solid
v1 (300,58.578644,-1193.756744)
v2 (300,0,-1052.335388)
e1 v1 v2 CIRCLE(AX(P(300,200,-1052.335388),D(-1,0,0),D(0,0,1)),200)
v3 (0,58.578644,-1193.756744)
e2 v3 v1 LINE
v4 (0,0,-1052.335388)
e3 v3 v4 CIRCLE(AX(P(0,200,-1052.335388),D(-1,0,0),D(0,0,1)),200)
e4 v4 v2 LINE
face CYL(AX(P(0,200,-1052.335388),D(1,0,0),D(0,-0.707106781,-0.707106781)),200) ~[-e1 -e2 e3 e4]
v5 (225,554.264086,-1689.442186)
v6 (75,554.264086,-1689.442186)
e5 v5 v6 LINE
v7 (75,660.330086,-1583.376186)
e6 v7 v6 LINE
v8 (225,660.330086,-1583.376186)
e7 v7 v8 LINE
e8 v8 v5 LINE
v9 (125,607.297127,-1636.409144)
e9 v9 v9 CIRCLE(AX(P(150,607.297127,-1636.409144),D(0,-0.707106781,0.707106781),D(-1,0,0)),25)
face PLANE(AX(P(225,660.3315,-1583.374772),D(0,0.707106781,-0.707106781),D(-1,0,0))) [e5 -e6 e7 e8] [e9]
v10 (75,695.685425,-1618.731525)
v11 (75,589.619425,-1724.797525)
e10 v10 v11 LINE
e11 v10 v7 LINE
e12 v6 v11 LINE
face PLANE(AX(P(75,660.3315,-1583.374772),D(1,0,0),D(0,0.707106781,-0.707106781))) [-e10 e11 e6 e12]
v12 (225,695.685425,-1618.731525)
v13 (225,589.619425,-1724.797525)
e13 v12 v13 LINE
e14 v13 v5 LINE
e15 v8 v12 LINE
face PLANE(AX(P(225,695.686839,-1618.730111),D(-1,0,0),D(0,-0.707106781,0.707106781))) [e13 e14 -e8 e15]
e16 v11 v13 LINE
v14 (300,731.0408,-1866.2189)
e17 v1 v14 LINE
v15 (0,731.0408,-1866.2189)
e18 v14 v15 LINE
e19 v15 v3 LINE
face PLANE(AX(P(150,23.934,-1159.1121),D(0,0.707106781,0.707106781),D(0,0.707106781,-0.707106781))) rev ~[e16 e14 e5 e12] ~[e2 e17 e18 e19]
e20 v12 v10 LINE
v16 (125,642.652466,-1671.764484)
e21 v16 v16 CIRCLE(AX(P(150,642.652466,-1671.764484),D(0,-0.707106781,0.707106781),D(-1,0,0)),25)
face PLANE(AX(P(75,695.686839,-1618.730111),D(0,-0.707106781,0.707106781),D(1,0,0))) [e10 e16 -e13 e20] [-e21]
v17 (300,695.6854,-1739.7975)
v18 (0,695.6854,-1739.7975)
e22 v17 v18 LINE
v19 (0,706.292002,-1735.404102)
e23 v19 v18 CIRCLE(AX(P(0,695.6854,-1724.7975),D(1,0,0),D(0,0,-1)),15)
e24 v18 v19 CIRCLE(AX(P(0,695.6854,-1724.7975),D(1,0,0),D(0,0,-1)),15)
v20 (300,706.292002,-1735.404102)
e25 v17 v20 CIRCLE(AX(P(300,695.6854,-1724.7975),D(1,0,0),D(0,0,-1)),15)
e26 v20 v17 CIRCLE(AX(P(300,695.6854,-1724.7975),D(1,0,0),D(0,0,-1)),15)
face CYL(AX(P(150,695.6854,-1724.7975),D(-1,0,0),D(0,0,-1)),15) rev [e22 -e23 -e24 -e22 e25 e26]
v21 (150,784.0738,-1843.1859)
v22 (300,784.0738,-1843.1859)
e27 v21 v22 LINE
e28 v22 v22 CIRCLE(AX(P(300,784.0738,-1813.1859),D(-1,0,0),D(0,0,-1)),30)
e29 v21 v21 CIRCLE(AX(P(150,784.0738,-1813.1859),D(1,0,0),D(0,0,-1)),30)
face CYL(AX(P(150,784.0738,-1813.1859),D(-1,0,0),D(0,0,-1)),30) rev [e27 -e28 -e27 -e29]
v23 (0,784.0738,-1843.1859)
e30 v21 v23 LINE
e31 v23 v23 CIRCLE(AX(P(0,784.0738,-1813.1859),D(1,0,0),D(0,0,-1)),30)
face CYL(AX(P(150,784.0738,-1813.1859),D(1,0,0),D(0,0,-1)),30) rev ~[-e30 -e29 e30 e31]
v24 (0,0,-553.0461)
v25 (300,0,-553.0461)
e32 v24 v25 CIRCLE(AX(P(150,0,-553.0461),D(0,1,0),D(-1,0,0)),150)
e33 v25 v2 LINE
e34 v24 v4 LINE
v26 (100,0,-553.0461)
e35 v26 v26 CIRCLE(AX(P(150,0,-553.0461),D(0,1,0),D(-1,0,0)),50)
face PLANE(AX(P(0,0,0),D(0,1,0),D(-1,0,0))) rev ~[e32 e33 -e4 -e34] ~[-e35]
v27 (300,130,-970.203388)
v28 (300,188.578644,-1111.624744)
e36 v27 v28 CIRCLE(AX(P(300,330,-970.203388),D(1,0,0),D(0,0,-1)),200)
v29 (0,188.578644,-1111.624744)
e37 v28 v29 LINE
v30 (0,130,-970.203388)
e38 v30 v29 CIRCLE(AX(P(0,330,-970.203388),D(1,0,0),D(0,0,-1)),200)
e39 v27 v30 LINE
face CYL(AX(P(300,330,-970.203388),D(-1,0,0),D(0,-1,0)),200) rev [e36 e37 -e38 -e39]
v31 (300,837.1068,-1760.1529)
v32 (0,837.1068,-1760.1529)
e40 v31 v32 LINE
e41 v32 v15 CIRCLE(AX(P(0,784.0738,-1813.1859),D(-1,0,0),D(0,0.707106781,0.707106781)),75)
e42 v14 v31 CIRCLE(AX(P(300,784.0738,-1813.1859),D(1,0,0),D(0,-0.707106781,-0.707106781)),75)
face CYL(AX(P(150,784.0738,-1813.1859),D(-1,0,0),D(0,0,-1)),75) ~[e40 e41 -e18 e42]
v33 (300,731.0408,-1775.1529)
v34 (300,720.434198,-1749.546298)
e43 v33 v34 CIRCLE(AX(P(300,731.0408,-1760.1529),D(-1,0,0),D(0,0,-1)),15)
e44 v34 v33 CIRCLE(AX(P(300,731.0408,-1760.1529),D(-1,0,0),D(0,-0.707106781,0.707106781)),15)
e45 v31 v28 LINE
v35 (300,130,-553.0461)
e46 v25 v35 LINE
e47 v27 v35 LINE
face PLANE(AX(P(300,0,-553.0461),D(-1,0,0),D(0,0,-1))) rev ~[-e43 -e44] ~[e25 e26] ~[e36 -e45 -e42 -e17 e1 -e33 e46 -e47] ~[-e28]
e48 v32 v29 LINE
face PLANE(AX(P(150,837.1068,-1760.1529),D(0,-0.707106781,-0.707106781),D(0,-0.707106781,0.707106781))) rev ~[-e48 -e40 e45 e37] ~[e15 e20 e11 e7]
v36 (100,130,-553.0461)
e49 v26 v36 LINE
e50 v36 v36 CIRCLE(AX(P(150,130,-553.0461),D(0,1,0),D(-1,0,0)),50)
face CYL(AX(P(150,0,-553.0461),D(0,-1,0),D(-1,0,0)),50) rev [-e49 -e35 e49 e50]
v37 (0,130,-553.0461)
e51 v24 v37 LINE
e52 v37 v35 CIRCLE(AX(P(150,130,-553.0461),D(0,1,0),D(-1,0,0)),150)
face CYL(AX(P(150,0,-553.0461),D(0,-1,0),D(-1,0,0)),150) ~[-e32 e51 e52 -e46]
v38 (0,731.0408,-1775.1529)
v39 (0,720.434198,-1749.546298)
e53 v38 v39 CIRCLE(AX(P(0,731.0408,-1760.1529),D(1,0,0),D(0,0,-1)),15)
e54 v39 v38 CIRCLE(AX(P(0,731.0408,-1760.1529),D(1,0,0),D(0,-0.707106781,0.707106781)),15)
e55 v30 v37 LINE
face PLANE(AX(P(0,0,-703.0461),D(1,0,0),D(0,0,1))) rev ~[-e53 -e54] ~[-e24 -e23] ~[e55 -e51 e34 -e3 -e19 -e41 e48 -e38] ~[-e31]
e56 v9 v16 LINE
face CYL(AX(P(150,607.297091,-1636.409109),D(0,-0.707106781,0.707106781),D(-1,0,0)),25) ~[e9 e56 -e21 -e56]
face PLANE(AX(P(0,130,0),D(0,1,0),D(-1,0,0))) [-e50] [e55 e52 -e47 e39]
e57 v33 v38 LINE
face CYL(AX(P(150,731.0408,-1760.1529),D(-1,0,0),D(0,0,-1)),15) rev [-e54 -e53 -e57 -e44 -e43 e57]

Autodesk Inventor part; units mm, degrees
ref_plane "YZ Plane" through (0, 0, 0) normal (1, 0, 0) x (0, 1, 0)
ref_plane "XZ Plane" through (0, 0, 0) normal (0, 1, 0) x (-1, 0, 0)
ref_plane "XY Plane" through (0, 0, 0) normal (0, 0, 1) x (1, 0, 0)
sketch "草圖1" plane through (0, 0, 0) normal (0, 1, 0) x (-1, 0, 0)
  line L0 (0, 150) -> (-300, 150)
  line L1 (-300, 0) -> (-300, 150)
  arc A0 (-300, 0) -> (0, 0) centre (-150, 0) ccw
  line L2 (0, 150) -> (0, 0)
  line L3 (0, 271.7864) -> (0, 150)
  line L4 (-300, 271.7864) -> (0, 271.7864)
  line L5 (-300, 150) -> (-300, 271.7864)
  circle A1 centre (-150, 0) radius 50
  line L6 (-30.3819, -276.523) -> (-200, -276.523)
  line L7 (0, -703.0461) -> (-300, -703.0461)
  line L8 (-300, -553.0461) -> (-300, -703.0461)
  arc A2 (0, -553.0461) -> (-300, -553.0461) centre (-150, -553.0461) ccw
  line L9 (0, -703.0461) -> (0, -553.0461)
  circle A3 centre (-150, -553.0461) radius 50
extrude "擠出1" add sketch "草圖1" along normal blind 130 contours L7 L8 A2 L9
ref_plane "工作平面1" through (150, 0, -553.0461) normal (1, 0, 0) x (0, 0, -1)
sketch "草圖2" plane through (150, 0, -553.0461) normal (1, 0, 0) x (0, 0, -1)
  line L0 (-150, 0) -> (-150, 130) projected
  line L1 (-150, 130) -> (-50, 130) projected
  line L2 (-50, 130) -> (-50, 0) projected
  line L3 (-50, 0) -> (-150, 0) projected
  line L4 (150, 130) -> (150, 0) projected
  line L5 (150, 0) -> (50, 0) projected
  line L6 (50, 0) -> (50, 130) projected
  line L7 (50, 130) -> (150, 130) projected
  line L8 (150, 0) -> (150, 130) projected
  line L9 (150, 130) -> (500, 130)
  line L10 (500, 130) -> (500, 0)
  line L11 (500, 0) -> (150, 0)
  line L12 (150, 0) -> (150, 130)
  line L13 (150, 130) -> (0, 130) projected
  line L14 (500, 130) -> (606.066, 23.934)
  line L15 (606.066, 23.934) -> (1313.1728, 731.0408)
  line L16 (1313.1728, 731.0408) -> (1207.1068, 837.1068)
  line L17 (1207.1068, 837.1068) -> (500, 130)
  line L18 (606.066, 23.934) -> (582.132, 0)
  line L19 (500, 0) -> (582.132, 0)
  circle A0 centre (1260.1398, 784.0738) radius 75
  circle A1 centre (1207.1068, 731.0408) radius 15
  line L20 (1260.1398, 784.0738) -> (1207.1068, 731.0408)
  circle A2 centre (1260.1398, 784.0738) radius 30
  circle A3 centre (1171.7514, 695.6854) radius 15
  line L21 (1207.1068, 731.0408) -> (1171.7514, 695.6854)
  point P0 (-553.0461, 0)
  point P1 (1313.1728, 731.0408)
  dimension "d2" = 500
  dimension "d3" = 1000
  dimension "d4" = 150
  dimension "d5" = 45
  dimension "d6" = 30
  dimension "d7" = 60
  dimension "d8" = 30
  dimension "d9" = 50
extrude "擠出2" add sketch "草圖2" along normal mid plane 300 contours L9 L10 L11 L4 | L14 L18 L19 L10 | L17 A0 A1 L15 L14 | A0 L16 A2 | L16 A2 L20 A1 A0 | A0 A1 L20 A2 L16
sketch "草圖3" plane through (0, 130, -1053.0461) normal (0, 0.7071, 0.7071) x (1, 0, 0)
  line L0 (0, -183.8478) -> (0, 0) projected
  line L1 (0, 0) -> (0, 1000) projected
  line L2 (0, 1000) -> (300, 1000) projected
  line L3 (300, 1000) -> (300, 0) projected
  line L4 (0, 0) -> (300, 0) projected
  line L5 (300, -183.8478) -> (0, -183.8478) projected
  line L6 (300, 0) -> (300, -183.8478) projected
  line L7 (75, 800) -> (225, 800)
  line L8 (225, 800) -> (225, 750)
  line L9 (225, 750) -> (75, 750)
  line L10 (75, 750) -> (75, 800)
  point P0 (0, -836.5399)
  point P1 (150, 800)
  point P2 (150, 1000)
  dimension "d12" = 200
  dimension "d13" = 50
  dimension "d14" = 150
extrude "擠出3" cut sketch "草圖3" against normal blind 300 contours L7 L8 L9 L10
fillet "圓角1" radius 200 2 edges at (150, 130, -1053.0461) (150, 0, -1135.1781)
sketch "草圖4" plane through (225, 660.3301, -1583.3761) normal (0, 0.7071, -0.7071) x (-1, 0, 0)
  line L0 (225, -150) -> (150, -150) projected
  line L1 (150, -150) -> (0, -150) projected
  line L2 (0, -150) -> (-75, -150) projected
  line L3 (-75, -150) -> (-75, 0) projected
  line L4 (-75, 0) -> (0, 0) projected
  line L5 (0, 0) -> (0, -150) projected
  line L6 (225, 0) -> (225, -150) projected
  line L7 (150, 0) -> (225, 0) projected
  line L8 (0, 0) -> (150, 0) projected
  line L9 (150, -150) -> (150, 0) projected
  circle A0 centre (75, -75) radius 25
  point P0 (225, 652.6921)
  point P1 (75, 0)
  point P2 (0, -75)
  dimension "d18" = 50
extrude "擠出4" add sketch "草圖4" along normal up to next contours A0
equation "\"d8\" = d6"
properties part number "主吊臂"
